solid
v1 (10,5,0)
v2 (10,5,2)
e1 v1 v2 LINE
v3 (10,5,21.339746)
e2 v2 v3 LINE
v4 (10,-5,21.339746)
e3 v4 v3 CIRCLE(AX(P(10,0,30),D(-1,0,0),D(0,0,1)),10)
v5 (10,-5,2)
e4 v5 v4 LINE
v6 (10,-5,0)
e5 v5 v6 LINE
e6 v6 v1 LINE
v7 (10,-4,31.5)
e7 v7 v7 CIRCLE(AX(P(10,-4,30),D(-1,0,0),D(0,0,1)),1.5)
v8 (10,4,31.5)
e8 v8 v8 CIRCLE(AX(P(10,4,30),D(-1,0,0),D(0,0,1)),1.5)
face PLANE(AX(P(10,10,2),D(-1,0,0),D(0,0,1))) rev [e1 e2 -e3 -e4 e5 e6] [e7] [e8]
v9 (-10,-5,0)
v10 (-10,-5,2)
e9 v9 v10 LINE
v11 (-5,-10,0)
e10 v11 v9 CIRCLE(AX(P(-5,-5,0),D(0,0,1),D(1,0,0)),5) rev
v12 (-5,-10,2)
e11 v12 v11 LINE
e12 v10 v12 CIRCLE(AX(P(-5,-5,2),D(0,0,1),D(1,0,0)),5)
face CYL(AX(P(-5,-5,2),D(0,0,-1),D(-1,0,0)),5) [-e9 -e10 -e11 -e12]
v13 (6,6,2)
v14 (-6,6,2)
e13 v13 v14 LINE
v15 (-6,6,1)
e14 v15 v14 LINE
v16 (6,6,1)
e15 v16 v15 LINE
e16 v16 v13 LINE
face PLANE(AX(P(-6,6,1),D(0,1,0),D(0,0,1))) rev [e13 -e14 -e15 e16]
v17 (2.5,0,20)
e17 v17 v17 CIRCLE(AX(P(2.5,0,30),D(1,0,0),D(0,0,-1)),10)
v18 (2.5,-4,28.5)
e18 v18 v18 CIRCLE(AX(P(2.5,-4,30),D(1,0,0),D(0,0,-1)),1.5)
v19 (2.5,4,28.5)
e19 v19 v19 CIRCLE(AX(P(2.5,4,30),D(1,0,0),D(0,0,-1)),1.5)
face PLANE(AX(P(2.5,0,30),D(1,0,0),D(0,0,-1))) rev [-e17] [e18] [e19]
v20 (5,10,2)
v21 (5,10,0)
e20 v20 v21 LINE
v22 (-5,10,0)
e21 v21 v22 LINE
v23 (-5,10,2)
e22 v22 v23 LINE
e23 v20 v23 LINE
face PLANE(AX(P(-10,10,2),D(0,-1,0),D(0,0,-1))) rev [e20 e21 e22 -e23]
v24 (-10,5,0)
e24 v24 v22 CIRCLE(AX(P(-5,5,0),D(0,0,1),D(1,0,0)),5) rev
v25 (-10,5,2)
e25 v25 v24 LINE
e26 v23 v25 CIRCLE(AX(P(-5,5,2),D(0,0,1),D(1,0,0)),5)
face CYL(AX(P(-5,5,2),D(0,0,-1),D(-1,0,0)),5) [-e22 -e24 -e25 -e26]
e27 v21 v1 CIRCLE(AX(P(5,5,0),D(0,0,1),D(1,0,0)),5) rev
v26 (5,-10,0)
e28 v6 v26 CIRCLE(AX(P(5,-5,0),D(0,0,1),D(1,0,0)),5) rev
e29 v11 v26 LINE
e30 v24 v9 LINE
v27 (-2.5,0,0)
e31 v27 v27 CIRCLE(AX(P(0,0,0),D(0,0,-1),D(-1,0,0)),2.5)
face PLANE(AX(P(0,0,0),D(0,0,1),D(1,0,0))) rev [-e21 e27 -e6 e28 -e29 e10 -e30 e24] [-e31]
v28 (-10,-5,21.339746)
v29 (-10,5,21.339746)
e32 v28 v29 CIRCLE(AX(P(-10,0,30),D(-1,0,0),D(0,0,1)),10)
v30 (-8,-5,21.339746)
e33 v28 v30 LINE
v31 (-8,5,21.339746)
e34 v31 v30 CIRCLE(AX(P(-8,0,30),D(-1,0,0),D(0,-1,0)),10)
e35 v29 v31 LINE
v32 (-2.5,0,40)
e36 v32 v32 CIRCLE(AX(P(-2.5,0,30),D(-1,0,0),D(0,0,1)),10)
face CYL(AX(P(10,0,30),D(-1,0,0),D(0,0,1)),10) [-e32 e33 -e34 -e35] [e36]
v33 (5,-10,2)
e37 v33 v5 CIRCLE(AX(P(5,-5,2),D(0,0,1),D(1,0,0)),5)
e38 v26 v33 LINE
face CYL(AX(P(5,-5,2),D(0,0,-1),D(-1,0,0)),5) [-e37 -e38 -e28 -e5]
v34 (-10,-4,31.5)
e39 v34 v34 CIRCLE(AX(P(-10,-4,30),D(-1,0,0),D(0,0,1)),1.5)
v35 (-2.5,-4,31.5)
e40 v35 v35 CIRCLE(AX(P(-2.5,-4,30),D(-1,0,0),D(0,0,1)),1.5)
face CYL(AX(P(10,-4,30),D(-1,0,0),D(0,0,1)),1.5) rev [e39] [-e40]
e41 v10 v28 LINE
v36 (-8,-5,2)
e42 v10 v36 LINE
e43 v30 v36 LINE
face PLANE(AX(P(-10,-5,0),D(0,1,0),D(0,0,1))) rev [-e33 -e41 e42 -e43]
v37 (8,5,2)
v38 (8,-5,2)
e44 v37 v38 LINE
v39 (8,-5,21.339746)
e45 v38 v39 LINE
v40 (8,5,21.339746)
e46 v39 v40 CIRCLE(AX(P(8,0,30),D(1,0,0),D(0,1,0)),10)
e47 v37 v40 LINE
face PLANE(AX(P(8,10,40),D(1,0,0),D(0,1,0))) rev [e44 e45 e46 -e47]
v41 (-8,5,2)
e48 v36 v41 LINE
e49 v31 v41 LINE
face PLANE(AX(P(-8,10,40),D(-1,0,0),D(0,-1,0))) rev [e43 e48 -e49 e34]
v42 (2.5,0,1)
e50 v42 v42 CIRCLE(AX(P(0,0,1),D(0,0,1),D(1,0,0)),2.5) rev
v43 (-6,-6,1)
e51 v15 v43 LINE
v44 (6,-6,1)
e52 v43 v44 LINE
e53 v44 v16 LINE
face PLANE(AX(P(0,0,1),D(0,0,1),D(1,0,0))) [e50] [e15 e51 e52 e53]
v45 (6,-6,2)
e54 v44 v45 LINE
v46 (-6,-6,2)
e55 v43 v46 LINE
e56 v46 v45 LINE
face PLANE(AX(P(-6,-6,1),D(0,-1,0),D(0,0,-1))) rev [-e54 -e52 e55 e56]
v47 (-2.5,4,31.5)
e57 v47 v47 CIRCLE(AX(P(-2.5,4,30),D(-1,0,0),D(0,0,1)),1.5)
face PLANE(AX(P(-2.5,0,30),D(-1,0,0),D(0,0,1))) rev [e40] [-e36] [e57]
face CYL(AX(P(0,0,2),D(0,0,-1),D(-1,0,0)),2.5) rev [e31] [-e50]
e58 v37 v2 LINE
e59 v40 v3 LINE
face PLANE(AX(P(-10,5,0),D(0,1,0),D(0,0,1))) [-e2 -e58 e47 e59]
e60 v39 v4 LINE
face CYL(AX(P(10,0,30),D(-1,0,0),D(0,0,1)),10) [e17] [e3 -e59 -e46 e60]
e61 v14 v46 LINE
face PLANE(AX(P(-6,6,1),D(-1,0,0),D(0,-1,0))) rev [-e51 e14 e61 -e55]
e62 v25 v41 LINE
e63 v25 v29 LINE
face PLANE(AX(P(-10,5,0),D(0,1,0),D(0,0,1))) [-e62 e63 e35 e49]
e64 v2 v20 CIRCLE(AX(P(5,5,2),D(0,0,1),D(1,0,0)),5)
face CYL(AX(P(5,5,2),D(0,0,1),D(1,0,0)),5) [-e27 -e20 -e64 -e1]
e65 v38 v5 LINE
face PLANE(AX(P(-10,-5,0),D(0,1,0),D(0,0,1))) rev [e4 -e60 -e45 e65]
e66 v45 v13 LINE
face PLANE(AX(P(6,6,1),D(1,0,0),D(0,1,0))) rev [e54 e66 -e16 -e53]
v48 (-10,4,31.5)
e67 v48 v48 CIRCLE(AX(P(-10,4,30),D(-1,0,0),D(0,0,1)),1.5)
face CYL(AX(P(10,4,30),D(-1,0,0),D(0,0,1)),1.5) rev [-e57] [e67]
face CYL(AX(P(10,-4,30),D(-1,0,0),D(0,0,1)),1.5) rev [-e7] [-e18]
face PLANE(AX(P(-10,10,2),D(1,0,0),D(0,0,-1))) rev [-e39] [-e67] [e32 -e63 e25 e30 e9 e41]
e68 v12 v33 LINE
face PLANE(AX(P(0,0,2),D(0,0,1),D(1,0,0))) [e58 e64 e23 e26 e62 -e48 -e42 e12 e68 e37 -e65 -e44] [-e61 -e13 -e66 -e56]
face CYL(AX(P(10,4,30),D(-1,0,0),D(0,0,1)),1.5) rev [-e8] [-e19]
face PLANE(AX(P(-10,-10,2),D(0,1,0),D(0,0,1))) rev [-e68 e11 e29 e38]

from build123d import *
from build123d.topology import SkipClean

# Parameters (mm, degrees)
SKETCH1_W           = 20
SKETCH1_H           = 20
BOSS_EXTRUDE1_DEPTH = 2
SKETCH3_R           = 2.5
CUT_EXTRUDE1_DEPTH  = 15.282857
SKETCH4_W           = 12
SKETCH4_H           = 12
CUT_EXTRUDE2_DEPTH  = 1
SKETCH5_W           = 2
SKETCH5_H           = 20
BOSS_EXTRUDE2_DEPTH = 38
CUT_EXTRUDE3_DEPTH  = 46.825757
SKETCH7_R           = 10
BOSS_EXTRUDE3_DEPTH = 7.5
BOSS_EXTRUDE4_START = -7.5
SKETCH8_R           = 10
BOSS_EXTRUDE4_DEPTH = 7.5
CUT_EXTRUDE4_DEPTH  = 46.825757
CUT_EXTRUDE5_DEPTH  = 46.825757
FILLET1_R           = 5
FILLET2_R           = 5
FILLET3_R           = 5
FILLET4_R           = 5


with BuildPart() as part:
    # Sketch1 → Boss-Extrude1 (new body)
    with BuildSketch(Plane.XY):
        Rectangle(SKETCH1_W, SKETCH1_H)
    extrude(amount=BOSS_EXTRUDE1_DEPTH)

    # Sketch3 → Cut-Extrude1 (cut, through all)
    with BuildSketch(Plane(origin=(0, 0, 0), x_dir=(-1, 0, 0), z_dir=(0, 0, -1))):
        Circle(SKETCH3_R)
    extrude(amount=-CUT_EXTRUDE1_DEPTH, mode=Mode.SUBTRACT)

    # Sketch4 → Cut-Extrude2 (cut)
    with BuildSketch(Plane.XY.offset(2)):
        Rectangle(SKETCH4_W, SKETCH4_H)
    extrude(amount=-CUT_EXTRUDE2_DEPTH, mode=Mode.SUBTRACT)

    # Sketch5 → Boss-Extrude2 (add)
    with BuildSketch(Plane.XY.offset(2)):
        with Locations((9, 0)):
            Rectangle(SKETCH5_W, SKETCH5_H)
        with Locations((-9, 0)):
            Rectangle(SKETCH5_W, SKETCH5_H)
    extrude(amount=BOSS_EXTRUDE2_DEPTH)

    # Sketch6 → Cut-Extrude3 (cut, through all)
    with BuildSketch(Plane.ZY.offset(10)):
        with BuildLine():
            Line((40, 10), (30, 10))
            ThreePointArc((30, 10), (37.071068, 7.071068), (40, 0))
            Line((40, 0), (40, 10))
        make_face()
        with BuildLine():
            Line((40, -10), (40, 0))
            ThreePointArc((40, 0), (37.071068, -7.071068), (30, -10))
            Line((30, -10), (40, -10))
        make_face()
    extrude(amount=-CUT_EXTRUDE3_DEPTH, mode=Mode.SUBTRACT)

    # Sketch7 → Boss-Extrude3 (add)
    with SkipClean():  # the faces are left unmerged after this step: merging them gives an invalid solid
        with BuildSketch(Plane.ZY.offset(10)):
            with Locations((30, 0)):
                Circle(SKETCH7_R)
        extrude(amount=-BOSS_EXTRUDE3_DEPTH)

    # Sketch8 → Boss-Extrude4 (add)
    with SkipClean():  # the faces are left unmerged after this step: merging them gives an invalid solid
        with BuildSketch(Plane(origin=(10, 0, 0), x_dir=(0, 0, -1), z_dir=(1, 0, 0)).offset(BOSS_EXTRUDE4_START)):
            with Locations(Location((-30, 0, 0), (0, 0, 180))):
                Circle(SKETCH8_R)
        extrude(amount=BOSS_EXTRUDE4_DEPTH)

    # Sketch9 → Cut-Extrude4 (cut, through all)
    with SkipClean():  # the faces are left unmerged after this step: merging them gives an invalid solid
        with BuildSketch(Plane.ZY.offset(10)):
            with BuildLine():
                ThreePointArc((31.5, 4), (31.06066, 5.06066), (30, 5.5))
                Line((30, 5.5), (30, 2.5))
                ThreePointArc((30, 2.5), (31.06066, 2.93934), (31.5, 4))
            make_face()
            with BuildLine():
                Line((30, 2.5), (30, 5.5))
                ThreePointArc((30, 5.5), (28.5, 4), (30, 2.5))
            make_face()
            with BuildLine():
                ThreePointArc((31.5, -4), (31.06066, -2.93934), (30, -2.5))
                Line((30, -2.5), (30, -5.5))
                ThreePointArc((30, -5.5), (31.06066, -5.06066), (31.5, -4))
            make_face()
            with BuildLine():
                Line((30, -5.5), (30, -2.5))
                ThreePointArc((30, -2.5), (28.5, -4), (30, -5.5))
            make_face()
        extrude(amount=-CUT_EXTRUDE4_DEPTH, mode=Mode.SUBTRACT)

    # Sketch11 → Cut-Extrude5 (cut, through all)
    with SkipClean():  # the faces are left unmerged after this step: merging them gives an invalid solid
        with BuildSketch(Plane(origin=(10, 0, 0), x_dir=(0, 0, -1), z_dir=(1, 0, 0))):
            with BuildLine():
                Line((-30, -10), (-2, -10))
                Line((-2, -10), (-2, -5))
                Line((-2, -5), (-21.339746, -5))
                ThreePointArc((-21.339746, -5), (-25, -8.660254), (-30, -10))
            make_face()
            with BuildLine():
                Line((-2, 10), (-30, 10))
                ThreePointArc((-30, 10), (-25, 8.660254), (-21.339746, 5))
                Line((-21.339746, 5), (-2, 5))
                Line((-2, 5), (-2, 10))
            make_face()
        extrude(amount=-CUT_EXTRUDE5_DEPTH, mode=Mode.SUBTRACT)

    # Fillet1
    fillet1_edges = [part.edges().sort_by_distance(p)[0] for p in [
        (-10, 10, 1),
    ]]
    fillet(fillet1_edges, radius=FILLET1_R)

    # Fillet2
    fillet2_edges = [part.edges().sort_by_distance(p)[0] for p in [
        (10, 10, 1),
    ]]
    fillet(fillet2_edges, radius=FILLET2_R)

    # Fillet3
    fillet3_edges = [part.edges().sort_by_distance(p)[0] for p in [
        (10, -10, 1),
    ]]
    fillet(fillet3_edges, radius=FILLET3_R)

    # Fillet4
    fillet4_edges = [part.edges().sort_by_distance(p)[0] for p in [
        (-10, -10, 1),
    ]]
    fillet(fillet4_edges, radius=FILLET4_R)


solid = part.part
